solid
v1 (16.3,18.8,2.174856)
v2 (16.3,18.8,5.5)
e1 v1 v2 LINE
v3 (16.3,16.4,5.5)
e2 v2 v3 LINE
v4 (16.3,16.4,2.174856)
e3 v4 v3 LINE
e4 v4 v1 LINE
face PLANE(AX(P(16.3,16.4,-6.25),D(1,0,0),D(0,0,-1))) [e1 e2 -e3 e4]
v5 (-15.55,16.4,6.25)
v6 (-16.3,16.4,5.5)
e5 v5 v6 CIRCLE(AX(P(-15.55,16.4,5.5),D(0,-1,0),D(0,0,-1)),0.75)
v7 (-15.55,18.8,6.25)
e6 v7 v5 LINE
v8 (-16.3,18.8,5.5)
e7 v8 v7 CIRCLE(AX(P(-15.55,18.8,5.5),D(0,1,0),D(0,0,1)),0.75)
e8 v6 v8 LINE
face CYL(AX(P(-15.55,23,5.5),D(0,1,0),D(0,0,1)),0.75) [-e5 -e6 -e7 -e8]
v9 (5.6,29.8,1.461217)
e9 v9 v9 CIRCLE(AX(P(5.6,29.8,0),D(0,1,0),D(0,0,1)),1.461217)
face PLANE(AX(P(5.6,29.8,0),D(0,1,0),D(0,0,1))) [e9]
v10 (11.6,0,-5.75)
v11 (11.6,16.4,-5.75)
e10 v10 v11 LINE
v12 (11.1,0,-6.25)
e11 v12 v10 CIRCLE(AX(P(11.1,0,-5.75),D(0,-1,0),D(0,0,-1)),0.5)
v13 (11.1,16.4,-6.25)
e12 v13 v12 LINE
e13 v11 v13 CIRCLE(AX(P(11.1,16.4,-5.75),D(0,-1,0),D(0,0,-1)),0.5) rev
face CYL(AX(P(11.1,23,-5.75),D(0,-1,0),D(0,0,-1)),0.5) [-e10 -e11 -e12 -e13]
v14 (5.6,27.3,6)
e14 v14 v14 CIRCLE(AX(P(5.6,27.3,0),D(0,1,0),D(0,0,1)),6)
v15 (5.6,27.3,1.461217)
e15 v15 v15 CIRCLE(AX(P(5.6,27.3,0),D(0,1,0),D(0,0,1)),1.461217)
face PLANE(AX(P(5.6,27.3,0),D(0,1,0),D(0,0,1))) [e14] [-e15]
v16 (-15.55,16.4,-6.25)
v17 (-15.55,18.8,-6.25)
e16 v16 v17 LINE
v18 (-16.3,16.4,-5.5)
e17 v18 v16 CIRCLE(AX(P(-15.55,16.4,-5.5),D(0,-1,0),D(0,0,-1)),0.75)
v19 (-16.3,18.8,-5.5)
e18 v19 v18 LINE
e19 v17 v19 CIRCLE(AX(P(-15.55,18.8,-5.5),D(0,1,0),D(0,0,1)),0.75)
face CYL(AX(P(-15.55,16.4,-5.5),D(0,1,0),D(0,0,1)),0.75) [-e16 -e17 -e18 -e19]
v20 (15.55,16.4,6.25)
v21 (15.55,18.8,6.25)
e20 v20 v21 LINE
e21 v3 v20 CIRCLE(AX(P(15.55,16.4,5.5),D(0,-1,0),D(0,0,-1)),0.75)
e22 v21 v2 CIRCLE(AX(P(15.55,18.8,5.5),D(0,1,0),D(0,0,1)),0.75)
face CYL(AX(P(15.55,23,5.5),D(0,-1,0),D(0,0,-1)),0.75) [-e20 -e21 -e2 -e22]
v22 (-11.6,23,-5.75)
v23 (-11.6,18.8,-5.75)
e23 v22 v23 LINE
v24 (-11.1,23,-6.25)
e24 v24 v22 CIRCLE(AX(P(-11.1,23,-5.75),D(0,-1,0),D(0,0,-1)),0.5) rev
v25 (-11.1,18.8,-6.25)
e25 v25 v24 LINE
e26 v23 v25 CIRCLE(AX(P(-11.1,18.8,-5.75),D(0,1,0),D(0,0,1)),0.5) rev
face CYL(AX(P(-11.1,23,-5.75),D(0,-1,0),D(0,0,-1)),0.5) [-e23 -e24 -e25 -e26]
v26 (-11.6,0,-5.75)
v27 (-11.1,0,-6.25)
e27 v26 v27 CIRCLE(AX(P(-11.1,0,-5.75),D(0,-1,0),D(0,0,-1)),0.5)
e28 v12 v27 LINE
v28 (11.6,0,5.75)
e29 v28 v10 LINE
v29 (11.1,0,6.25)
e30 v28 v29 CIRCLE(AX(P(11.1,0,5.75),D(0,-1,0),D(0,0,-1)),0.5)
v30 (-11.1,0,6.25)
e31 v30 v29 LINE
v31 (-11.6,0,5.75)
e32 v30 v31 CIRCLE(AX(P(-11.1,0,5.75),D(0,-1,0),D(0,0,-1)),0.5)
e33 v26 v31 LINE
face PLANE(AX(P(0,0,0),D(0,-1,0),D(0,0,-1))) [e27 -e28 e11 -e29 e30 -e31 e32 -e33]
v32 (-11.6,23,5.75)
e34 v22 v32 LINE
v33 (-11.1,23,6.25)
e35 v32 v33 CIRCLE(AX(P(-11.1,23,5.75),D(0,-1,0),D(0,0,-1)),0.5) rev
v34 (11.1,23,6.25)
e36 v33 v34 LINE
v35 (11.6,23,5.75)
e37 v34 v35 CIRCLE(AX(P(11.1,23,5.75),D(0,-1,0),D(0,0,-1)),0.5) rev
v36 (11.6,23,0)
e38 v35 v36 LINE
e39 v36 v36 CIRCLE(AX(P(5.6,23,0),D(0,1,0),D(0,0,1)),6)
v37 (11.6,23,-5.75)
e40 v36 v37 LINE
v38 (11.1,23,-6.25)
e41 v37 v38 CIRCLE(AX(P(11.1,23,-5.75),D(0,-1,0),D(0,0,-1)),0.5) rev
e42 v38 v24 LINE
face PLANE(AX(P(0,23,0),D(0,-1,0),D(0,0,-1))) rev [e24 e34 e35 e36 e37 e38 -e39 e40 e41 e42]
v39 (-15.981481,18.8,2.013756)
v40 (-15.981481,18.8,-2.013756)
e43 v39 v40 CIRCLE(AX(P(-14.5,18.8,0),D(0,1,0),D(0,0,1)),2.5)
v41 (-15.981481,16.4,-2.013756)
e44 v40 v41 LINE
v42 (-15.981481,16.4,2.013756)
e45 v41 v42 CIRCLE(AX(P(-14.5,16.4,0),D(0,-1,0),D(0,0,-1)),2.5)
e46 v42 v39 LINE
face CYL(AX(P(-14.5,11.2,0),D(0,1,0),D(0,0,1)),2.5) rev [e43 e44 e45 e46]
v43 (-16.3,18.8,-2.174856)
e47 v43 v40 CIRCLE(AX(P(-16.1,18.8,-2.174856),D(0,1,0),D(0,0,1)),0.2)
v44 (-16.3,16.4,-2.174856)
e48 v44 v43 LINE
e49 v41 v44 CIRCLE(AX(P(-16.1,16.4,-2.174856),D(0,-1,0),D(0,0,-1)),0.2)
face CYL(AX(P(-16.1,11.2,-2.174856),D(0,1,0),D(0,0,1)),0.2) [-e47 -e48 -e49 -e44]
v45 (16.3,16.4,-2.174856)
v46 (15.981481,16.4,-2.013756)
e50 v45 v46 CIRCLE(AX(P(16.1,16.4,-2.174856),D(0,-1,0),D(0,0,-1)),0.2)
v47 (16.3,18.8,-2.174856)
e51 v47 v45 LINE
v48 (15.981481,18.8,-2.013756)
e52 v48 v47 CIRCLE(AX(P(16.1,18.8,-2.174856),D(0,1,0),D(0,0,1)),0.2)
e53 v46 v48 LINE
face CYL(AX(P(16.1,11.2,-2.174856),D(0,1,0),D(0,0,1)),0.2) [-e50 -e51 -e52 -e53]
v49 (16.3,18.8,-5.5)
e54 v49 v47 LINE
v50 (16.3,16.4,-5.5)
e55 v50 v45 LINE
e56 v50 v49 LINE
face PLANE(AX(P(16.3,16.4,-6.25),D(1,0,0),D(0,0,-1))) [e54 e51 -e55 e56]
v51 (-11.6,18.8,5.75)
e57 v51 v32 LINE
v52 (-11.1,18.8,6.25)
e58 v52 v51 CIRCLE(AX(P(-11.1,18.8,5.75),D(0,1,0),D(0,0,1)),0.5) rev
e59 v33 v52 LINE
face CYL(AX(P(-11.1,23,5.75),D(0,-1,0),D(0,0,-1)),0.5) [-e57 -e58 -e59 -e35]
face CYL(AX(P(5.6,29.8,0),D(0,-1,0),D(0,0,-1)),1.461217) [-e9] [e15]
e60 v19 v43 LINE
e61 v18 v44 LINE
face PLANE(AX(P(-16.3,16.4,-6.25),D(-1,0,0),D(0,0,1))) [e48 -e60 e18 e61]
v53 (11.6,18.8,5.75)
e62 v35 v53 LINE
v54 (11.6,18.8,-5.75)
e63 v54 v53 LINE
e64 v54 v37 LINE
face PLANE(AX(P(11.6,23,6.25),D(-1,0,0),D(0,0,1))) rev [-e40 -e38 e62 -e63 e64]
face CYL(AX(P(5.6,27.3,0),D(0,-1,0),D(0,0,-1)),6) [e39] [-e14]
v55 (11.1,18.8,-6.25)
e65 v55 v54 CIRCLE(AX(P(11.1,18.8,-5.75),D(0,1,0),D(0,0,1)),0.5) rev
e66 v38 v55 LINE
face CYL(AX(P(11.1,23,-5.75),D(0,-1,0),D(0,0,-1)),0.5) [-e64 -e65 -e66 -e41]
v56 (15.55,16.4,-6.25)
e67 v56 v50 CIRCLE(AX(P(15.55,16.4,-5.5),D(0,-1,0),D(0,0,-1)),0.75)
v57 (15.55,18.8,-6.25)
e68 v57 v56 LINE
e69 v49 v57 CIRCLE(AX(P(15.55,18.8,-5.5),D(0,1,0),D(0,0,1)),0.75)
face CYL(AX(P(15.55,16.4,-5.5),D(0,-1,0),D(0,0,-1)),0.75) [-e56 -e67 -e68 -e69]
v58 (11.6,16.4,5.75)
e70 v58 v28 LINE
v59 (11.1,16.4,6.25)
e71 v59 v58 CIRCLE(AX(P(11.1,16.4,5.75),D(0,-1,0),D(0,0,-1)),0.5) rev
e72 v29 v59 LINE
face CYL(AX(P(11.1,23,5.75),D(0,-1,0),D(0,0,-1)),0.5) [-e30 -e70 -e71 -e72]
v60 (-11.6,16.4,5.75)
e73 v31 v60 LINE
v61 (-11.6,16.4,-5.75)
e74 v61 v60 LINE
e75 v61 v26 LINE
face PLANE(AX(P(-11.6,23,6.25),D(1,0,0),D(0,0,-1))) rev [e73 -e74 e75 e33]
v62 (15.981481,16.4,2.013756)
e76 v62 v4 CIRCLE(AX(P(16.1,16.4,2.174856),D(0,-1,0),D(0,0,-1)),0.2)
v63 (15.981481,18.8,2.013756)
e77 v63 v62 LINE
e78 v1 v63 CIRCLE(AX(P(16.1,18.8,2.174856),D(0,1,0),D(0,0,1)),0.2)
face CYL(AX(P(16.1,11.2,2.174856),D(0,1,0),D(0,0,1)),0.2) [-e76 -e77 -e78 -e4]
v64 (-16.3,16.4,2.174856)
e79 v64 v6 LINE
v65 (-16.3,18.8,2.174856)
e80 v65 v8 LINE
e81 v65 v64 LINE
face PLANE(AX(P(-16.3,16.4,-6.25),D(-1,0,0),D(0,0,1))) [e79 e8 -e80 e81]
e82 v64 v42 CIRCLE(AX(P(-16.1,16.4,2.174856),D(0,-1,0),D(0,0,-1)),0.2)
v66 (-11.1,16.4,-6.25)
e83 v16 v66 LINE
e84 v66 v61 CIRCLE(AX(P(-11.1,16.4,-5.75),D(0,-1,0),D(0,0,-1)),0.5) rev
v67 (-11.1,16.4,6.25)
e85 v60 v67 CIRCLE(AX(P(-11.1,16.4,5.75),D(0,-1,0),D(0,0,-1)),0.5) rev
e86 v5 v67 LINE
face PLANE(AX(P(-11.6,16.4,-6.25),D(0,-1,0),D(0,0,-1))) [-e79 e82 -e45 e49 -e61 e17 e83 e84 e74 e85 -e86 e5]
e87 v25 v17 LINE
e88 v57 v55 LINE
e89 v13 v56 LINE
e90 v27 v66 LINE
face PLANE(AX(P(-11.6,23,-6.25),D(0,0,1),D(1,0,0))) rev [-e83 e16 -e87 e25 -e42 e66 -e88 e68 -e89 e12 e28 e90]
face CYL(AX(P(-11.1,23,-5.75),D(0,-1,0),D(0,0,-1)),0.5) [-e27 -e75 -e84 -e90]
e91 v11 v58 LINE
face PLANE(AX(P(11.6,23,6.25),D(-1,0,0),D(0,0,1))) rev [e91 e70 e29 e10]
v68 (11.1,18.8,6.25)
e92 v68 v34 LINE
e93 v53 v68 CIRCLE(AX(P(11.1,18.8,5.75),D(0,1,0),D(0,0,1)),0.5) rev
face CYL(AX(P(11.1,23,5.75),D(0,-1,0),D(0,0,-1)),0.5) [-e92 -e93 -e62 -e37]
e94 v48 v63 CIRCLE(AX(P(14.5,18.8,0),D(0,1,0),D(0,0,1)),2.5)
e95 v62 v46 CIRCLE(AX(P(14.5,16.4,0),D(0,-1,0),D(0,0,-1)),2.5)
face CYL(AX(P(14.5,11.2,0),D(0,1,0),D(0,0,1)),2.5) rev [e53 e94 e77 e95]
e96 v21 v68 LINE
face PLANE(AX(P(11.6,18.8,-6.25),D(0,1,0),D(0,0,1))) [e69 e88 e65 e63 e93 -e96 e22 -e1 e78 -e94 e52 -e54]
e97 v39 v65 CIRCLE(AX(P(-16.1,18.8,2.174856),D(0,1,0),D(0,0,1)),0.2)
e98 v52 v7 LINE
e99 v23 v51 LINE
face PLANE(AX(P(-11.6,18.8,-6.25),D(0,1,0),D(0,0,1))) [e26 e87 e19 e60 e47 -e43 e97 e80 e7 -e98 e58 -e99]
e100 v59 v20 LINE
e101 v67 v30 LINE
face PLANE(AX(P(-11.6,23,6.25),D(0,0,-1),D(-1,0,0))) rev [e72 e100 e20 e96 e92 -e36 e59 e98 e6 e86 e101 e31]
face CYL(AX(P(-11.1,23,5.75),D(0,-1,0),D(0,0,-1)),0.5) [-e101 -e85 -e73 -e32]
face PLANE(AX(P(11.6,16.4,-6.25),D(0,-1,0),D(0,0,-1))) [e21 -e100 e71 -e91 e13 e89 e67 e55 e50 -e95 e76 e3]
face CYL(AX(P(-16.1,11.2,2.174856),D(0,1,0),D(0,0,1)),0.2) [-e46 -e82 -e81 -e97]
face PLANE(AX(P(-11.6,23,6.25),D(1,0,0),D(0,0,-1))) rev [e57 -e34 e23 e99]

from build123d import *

# Parameters (mm, degrees)
ESQUISSE1_W             = 23.2
ESQUISSE1_H             = 12.5
BOSS_EXTRU_1_DEPTH      = 23
ESQUISSE2_W             = 4.7
ESQUISSE2_H             = 2.4
BOSS_EXTRU_2_DEPTH      = 12.5
CONG_1_R                = 0.75
ESQUISSE3_R             = 2.5
ENL_V_MAT_EXTRU_1_DEPTH = 11.8
CONG_2_R                = 0.2
CONG_3_R                = 0.5
ESQUISSE5_R             = 6
BOSS_EXTRU_3_DEPTH      = 4.3
ESQUISSE6_R             = 1.461217274
BOSS_EXTRU_4_DEPTH      = 2.5


with BuildPart() as part:
    # Esquisse1 → Boss.-Extru.1 (new body)
    with BuildSketch(Plane(origin=(0, 0, 0), x_dir=(1, 0, 0), z_dir=(0, 1, 0))):
        Rectangle(ESQUISSE1_W, ESQUISSE1_H)
    extrude(amount=BOSS_EXTRU_1_DEPTH)

    # Esquisse2 → Boss.-Extru.2 (add)
    with BuildSketch(Plane.XY.offset(6.25)):
        with Locations((13.95, 17.6)):
            Rectangle(ESQUISSE2_W, ESQUISSE2_H)
        with Locations((-13.95, 17.6)):
            Rectangle(ESQUISSE2_W, ESQUISSE2_H)
    extrude(amount=-BOSS_EXTRU_2_DEPTH)

    # Congé1
    cong_1_edges = [part.edges().sort_by_distance(p)[0] for p in [
        (16.3, 17.6, -6.25),
        (16.3, 17.6, 6.25),
        (-16.3, 17.6, -6.25),
        (-16.3, 17.6, 6.25),
    ]]
    fillet(cong_1_edges, radius=CONG_1_R)

    # Esquisse3 → Enlèv. mat.-Extru.1 (cut)
    with BuildSketch(Plane(origin=(0, 23, 0), x_dir=(1, 0, 0), z_dir=(0, 1, 0))):
        with Locations((-14.5, 0)):
            Circle(ESQUISSE3_R)
        with Locations((14.5, 0)):
            Circle(ESQUISSE3_R)
    extrude(amount=-ENL_V_MAT_EXTRU_1_DEPTH, mode=Mode.SUBTRACT)

    # Congé2
    cong_2_edges = [part.edges().sort_by_distance(p)[0] for p in [
        (-16.3, 17.6, -1.734935157),
        (-16.3, 17.6, 1.734935157),
        (16.3, 17.6, -1.734935157),
        (16.3, 17.6, 1.734935157),
    ]]
    fillet(cong_2_edges, radius=CONG_2_R)

    # Congé3
    cong_3_edges = [part.edges().sort_by_distance(p)[0] for p in [
        (11.6, 8.2, -6.25),
        (11.6, 8.2, 6.25),
        (-11.6, 8.2, 6.25),
        (-11.6, 8.2, -6.25),
        (11.6, 20.9, 6.25),
        (-11.6, 20.9, 6.25),
        (-11.6, 20.9, -6.25),
        (11.6, 20.9, -6.25),
    ]]
    fillet(cong_3_edges, radius=CONG_3_R)

    # Esquisse5 → Boss.-Extru.3 (add)
    with BuildSketch(Plane(origin=(0, 23, 0), x_dir=(1, 0, 0), z_dir=(0, 1, 0))):
        with Locations((5.6, 0)):
            Circle(ESQUISSE5_R)
    extrude(amount=BOSS_EXTRU_3_DEPTH)

    # Esquisse6 → Boss.-Extru.4 (add)
    with BuildSketch(Plane(origin=(0, 27.3, 0), x_dir=(1, 0, 0), z_dir=(0, 1, 0))):
        with Locations(Location((5.6, 0, 0), (0, 0, 270))):
            Circle(ESQUISSE6_R)
    extrude(amount=BOSS_EXTRU_4_DEPTH)


solid = part.part
